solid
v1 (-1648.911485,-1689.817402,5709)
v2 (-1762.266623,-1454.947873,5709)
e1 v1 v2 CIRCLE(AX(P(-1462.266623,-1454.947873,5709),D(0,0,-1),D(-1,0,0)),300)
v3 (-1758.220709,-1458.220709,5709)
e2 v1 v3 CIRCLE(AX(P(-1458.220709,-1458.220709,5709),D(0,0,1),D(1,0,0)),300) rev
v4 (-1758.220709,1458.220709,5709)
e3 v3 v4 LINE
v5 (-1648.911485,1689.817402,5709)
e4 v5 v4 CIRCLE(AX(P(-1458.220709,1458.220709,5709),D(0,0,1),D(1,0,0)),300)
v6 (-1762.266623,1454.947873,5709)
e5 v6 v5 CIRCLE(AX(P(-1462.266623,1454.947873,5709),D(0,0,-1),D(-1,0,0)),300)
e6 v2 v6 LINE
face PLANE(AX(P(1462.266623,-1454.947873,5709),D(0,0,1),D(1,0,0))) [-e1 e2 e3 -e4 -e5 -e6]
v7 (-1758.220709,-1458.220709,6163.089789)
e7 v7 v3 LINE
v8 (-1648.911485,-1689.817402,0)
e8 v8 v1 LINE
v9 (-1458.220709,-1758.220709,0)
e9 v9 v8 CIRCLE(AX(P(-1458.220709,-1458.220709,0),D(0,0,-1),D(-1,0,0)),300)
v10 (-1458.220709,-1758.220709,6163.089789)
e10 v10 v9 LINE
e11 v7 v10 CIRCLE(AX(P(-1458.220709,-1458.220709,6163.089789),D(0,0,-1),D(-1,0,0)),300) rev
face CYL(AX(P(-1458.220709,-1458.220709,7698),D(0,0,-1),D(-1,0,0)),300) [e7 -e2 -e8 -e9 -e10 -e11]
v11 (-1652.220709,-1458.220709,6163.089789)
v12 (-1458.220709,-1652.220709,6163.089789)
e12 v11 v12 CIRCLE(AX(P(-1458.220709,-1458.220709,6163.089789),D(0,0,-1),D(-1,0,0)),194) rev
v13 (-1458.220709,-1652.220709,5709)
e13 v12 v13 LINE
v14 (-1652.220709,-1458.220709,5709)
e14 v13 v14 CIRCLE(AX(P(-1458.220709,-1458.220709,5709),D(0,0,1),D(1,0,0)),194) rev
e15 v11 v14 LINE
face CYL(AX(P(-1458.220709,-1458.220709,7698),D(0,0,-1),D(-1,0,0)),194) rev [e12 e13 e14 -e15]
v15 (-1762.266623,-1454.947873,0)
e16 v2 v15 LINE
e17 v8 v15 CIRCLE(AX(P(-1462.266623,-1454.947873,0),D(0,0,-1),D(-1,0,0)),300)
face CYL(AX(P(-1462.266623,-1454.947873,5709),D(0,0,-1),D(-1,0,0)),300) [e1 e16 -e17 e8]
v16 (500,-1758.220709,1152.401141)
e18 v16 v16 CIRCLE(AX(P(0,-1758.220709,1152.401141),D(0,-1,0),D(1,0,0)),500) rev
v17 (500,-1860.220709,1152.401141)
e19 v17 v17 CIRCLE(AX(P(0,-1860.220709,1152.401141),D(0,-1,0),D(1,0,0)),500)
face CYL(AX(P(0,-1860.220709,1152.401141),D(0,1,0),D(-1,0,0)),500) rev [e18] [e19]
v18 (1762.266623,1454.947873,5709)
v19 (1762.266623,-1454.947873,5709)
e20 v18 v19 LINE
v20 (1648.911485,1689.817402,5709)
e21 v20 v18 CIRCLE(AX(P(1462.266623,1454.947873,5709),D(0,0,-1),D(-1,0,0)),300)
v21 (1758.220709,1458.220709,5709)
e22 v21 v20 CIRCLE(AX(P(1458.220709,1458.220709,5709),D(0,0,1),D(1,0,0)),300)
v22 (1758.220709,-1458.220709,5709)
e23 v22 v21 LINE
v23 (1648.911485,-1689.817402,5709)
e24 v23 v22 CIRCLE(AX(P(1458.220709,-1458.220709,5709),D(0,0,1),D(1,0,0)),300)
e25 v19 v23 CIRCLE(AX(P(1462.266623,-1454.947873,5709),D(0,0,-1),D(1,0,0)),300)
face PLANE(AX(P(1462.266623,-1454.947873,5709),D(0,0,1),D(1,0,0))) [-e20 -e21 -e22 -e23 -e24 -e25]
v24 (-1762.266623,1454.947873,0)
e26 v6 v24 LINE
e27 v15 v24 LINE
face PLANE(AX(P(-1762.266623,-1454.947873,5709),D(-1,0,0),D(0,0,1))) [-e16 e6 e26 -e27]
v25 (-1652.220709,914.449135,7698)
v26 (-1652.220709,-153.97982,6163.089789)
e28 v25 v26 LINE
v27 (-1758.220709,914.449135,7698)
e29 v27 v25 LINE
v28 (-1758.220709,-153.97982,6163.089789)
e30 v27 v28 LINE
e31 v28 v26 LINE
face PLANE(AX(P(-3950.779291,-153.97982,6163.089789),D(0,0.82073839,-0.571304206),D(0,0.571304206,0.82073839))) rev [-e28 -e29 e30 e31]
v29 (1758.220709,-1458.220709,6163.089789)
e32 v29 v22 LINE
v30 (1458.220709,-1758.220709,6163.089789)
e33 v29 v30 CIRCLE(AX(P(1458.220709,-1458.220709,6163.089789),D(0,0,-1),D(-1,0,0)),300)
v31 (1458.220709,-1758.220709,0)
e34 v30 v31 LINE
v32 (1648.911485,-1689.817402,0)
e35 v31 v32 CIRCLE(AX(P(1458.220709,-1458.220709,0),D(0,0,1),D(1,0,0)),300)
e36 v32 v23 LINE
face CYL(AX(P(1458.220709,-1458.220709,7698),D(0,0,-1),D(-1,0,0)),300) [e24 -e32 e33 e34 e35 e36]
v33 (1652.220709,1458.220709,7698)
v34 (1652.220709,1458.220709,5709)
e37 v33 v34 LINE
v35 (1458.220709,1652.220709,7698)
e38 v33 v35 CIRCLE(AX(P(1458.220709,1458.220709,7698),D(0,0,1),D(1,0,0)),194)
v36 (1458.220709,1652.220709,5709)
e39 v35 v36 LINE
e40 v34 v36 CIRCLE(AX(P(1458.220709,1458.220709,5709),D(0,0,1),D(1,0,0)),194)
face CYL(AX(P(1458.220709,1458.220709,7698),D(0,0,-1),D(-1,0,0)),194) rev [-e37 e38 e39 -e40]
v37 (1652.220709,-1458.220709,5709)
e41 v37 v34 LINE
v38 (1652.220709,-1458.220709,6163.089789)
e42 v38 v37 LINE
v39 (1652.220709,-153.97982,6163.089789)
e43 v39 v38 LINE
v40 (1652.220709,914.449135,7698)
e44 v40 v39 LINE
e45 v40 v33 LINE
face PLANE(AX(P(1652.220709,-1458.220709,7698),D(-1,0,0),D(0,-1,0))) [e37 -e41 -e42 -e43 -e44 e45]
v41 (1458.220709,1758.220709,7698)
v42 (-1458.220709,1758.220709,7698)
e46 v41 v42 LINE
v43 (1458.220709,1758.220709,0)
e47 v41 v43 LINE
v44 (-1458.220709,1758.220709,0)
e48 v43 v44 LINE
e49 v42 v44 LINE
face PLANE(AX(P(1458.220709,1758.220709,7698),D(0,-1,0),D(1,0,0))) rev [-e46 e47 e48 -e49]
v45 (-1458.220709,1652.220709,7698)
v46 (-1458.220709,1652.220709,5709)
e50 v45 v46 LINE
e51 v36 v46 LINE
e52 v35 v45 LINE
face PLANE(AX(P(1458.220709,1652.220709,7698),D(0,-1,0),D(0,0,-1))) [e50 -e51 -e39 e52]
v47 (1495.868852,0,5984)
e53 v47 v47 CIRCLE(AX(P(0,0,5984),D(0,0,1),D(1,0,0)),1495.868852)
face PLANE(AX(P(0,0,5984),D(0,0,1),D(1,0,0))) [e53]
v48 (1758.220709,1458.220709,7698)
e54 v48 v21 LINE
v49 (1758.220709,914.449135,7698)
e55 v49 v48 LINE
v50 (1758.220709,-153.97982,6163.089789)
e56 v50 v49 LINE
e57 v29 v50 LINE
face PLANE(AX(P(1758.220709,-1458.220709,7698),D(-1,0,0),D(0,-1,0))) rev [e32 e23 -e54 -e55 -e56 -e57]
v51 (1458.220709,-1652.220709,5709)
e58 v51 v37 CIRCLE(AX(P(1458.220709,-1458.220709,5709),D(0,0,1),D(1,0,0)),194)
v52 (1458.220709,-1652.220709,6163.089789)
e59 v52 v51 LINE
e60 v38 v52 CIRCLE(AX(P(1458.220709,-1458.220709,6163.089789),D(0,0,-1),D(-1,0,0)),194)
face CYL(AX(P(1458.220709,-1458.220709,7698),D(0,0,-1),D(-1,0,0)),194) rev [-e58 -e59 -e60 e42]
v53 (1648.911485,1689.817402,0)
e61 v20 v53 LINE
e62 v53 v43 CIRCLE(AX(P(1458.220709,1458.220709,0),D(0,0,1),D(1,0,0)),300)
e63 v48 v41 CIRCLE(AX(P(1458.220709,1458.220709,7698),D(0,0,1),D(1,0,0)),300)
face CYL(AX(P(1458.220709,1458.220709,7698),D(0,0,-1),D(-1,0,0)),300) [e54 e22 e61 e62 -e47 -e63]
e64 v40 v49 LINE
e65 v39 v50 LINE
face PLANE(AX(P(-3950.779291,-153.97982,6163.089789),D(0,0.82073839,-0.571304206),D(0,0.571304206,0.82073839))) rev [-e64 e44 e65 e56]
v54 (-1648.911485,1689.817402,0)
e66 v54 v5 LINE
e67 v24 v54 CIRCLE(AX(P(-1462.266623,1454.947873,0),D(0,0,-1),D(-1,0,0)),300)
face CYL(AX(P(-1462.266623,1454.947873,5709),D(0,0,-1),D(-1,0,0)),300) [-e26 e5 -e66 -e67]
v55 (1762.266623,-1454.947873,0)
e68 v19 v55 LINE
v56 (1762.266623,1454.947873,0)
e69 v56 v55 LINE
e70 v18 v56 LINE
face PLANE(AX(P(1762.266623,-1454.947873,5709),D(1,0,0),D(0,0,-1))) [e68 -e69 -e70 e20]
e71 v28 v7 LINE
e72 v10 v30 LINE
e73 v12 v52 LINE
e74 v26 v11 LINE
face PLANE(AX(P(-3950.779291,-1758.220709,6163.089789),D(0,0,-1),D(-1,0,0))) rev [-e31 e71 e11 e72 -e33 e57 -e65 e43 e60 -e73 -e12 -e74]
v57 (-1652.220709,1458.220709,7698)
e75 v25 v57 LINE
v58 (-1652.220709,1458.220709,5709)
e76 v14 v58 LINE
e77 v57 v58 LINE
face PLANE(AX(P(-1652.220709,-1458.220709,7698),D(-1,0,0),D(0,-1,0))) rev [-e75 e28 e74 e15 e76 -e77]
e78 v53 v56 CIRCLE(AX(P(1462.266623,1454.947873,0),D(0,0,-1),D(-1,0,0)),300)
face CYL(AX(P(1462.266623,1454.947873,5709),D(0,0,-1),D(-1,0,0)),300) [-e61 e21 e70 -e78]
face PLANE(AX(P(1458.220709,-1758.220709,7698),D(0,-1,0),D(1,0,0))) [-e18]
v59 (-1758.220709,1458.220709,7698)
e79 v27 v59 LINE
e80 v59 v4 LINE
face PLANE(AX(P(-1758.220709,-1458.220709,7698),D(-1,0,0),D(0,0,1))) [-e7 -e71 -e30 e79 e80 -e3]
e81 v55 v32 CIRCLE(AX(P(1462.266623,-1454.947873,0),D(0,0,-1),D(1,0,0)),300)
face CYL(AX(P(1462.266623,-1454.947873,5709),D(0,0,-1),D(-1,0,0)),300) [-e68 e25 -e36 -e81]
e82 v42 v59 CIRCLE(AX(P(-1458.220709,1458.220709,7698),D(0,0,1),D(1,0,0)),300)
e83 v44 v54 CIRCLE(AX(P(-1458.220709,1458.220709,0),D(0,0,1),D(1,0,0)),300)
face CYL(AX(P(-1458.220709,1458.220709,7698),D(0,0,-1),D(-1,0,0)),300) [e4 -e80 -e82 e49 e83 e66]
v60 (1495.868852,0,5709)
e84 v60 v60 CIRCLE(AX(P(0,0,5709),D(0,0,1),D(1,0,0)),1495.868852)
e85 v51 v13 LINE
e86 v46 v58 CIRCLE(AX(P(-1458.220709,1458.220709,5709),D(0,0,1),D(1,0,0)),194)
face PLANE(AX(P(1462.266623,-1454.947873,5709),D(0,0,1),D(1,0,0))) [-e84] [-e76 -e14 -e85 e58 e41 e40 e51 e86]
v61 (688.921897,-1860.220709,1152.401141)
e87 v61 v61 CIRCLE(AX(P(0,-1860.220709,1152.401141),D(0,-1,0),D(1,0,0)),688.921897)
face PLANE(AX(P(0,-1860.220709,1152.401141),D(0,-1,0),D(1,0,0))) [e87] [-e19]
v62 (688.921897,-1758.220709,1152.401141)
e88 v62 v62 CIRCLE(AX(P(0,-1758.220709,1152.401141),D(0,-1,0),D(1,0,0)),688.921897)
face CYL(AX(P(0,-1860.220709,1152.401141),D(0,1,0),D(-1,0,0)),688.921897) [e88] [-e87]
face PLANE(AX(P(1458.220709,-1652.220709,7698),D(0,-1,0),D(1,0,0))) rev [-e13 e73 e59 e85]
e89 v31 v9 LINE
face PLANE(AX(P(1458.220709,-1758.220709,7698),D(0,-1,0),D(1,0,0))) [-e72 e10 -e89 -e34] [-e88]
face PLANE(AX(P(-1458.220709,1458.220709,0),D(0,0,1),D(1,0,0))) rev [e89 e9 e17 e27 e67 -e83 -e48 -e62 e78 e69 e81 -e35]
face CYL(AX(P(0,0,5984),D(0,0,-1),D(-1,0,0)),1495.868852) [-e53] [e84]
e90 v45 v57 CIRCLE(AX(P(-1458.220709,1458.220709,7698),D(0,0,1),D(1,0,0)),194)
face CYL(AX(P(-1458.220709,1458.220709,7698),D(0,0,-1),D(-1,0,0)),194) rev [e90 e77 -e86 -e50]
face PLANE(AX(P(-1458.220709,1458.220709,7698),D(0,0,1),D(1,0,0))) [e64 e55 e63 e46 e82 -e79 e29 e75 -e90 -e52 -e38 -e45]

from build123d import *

# Parameters (mm, degrees)
BOSS_EXTRUDE1_DEPTH = 7698
BOSS_EXTRUDE2_DEPTH = 5709
CUT_EXTRUDE1_DEPTH  = 5709
SKETCH5_R           = 688.921896872
SKETCH5_R_2         = 500
BOSS_EXTRUDE3_DEPTH = 102
SKETCH7_R           = 1495.868851997
BOSS_EXTRUDE4_DEPTH = 275


with BuildPart() as part:
    # Sketch2 → Boss-Extrude1 (new body)
    with BuildSketch(Plane.XY):
        with BuildLine():
            Line((1458.220709409, -1758.220709409), (-1458.220709409, -1758.220709409))
            ThreePointArc((-1458.220709409, -1758.220709409), (-1670.352743765, -1670.352743765), (-1758.220709409, -1458.220709409))
            Line((-1758.220709409, -1458.220709409), (-1758.220709409, 1458.220709409))
            ThreePointArc((-1758.220709409, 1458.220709409), (-1670.352743765, 1670.352743765), (-1458.220709409, 1758.220709409))
            Line((-1458.220709409, 1758.220709409), (1458.220709409, 1758.220709409))
            ThreePointArc((1458.220709409, 1758.220709409), (1670.352743765, 1670.352743765), (1758.220709409, 1458.220709409))
            Line((1758.220709409, 1458.220709409), (1758.220709409, -1458.220709409))
            ThreePointArc((1758.220709409, -1458.220709409), (1670.352743765, -1670.352743765), (1458.220709409, -1758.220709409))
        make_face()
        with BuildLine():
            Line((1458.220709409, 1652.220709409), (-1458.220709409, 1652.220709409))
            ThreePointArc((-1458.220709409, 1652.220709409), (-1595.399424959, 1595.399424959), (-1652.220709409, 1458.220709409))
            Line((-1652.220709409, 1458.220709409), (-1652.220709409, -1458.220709409))
            ThreePointArc((-1652.220709409, -1458.220709409), (-1595.399424959, -1595.399424959), (-1458.220709409, -1652.220709409))
            Line((-1458.220709409, -1652.220709409), (1458.220709409, -1652.220709409))
            ThreePointArc((1458.220709409, -1652.220709409), (1595.399424959, -1595.399424959), (1652.220709409, -1458.220709409))
            Line((1652.220709409, -1458.220709409), (1652.220709409, 1458.220709409))
            ThreePointArc((1652.220709409, 1458.220709409), (1595.399424959, 1595.399424959), (1458.220709409, 1652.220709409))
        make_face(mode=Mode.SUBTRACT)
    extrude(amount=BOSS_EXTRUDE1_DEPTH)

    # Sketch3 → Boss-Extrude2 (add)
    with BuildSketch(Plane(origin=(0, 0, 0), x_dir=(-1, 0, 0), z_dir=(0, 0, -1))):
        with BuildLine():
            Line((1462.266623483, -1754.947873154), (-1462.266623483, -1754.947873154))
            ThreePointArc((-1462.266623483, -1754.947873154), (-1674.398657839, -1667.07990751), (-1762.266623483, -1454.947873154))
            Line((-1762.266623483, -1454.947873154), (-1762.266623483, 1454.947873154))
            ThreePointArc((-1762.266623483, 1454.947873154), (-1674.398657839, 1667.07990751), (-1462.266623483, 1754.947873154))
            Line((-1462.266623483, 1754.947873154), (1462.266623483, 1754.947873154))
            ThreePointArc((1462.266623483, 1754.947873154), (1674.398657839, 1667.07990751), (1762.266623483, 1454.947873154))
            Line((1762.266623483, 1454.947873154), (1762.266623483, -1454.947873154))
            ThreePointArc((1762.266623483, -1454.947873154), (1674.398657839, -1667.07990751), (1462.266623483, -1754.947873154))
        make_face()
    extrude(amount=-BOSS_EXTRUDE2_DEPTH)

    # Sketch4 → Cut-Extrude1 (cut)
    with BuildSketch(Plane(origin=(1758.220709409, 0, 0), x_dir=(0, 0, -1), z_dir=(1, 0, 0))):
        Polygon((-7698, 914.449134534), (-7698, -1758.220709409), (-6163.089789465, -1758.220709409), (-6163.089789465, -153.979819584), align=None)
    extrude(amount=-CUT_EXTRUDE1_DEPTH, mode=Mode.SUBTRACT)

    # Sketch5 → Boss-Extrude3 (add)
    with BuildSketch(Plane.XZ.offset(1758.220709409)):
        with Locations((0, 1152.401140837)):
            Circle(SKETCH5_R)
        with Locations((0, 1152.401140837)):
            Circle(SKETCH5_R_2, mode=Mode.SUBTRACT)
    extrude(amount=BOSS_EXTRUDE3_DEPTH)

    # Sketch7 → Boss-Extrude4 (add)
    with BuildSketch(Plane.XY.offset(5709)):
        Circle(SKETCH7_R)
    extrude(amount=BOSS_EXTRUDE4_DEPTH)


solid = part.part
